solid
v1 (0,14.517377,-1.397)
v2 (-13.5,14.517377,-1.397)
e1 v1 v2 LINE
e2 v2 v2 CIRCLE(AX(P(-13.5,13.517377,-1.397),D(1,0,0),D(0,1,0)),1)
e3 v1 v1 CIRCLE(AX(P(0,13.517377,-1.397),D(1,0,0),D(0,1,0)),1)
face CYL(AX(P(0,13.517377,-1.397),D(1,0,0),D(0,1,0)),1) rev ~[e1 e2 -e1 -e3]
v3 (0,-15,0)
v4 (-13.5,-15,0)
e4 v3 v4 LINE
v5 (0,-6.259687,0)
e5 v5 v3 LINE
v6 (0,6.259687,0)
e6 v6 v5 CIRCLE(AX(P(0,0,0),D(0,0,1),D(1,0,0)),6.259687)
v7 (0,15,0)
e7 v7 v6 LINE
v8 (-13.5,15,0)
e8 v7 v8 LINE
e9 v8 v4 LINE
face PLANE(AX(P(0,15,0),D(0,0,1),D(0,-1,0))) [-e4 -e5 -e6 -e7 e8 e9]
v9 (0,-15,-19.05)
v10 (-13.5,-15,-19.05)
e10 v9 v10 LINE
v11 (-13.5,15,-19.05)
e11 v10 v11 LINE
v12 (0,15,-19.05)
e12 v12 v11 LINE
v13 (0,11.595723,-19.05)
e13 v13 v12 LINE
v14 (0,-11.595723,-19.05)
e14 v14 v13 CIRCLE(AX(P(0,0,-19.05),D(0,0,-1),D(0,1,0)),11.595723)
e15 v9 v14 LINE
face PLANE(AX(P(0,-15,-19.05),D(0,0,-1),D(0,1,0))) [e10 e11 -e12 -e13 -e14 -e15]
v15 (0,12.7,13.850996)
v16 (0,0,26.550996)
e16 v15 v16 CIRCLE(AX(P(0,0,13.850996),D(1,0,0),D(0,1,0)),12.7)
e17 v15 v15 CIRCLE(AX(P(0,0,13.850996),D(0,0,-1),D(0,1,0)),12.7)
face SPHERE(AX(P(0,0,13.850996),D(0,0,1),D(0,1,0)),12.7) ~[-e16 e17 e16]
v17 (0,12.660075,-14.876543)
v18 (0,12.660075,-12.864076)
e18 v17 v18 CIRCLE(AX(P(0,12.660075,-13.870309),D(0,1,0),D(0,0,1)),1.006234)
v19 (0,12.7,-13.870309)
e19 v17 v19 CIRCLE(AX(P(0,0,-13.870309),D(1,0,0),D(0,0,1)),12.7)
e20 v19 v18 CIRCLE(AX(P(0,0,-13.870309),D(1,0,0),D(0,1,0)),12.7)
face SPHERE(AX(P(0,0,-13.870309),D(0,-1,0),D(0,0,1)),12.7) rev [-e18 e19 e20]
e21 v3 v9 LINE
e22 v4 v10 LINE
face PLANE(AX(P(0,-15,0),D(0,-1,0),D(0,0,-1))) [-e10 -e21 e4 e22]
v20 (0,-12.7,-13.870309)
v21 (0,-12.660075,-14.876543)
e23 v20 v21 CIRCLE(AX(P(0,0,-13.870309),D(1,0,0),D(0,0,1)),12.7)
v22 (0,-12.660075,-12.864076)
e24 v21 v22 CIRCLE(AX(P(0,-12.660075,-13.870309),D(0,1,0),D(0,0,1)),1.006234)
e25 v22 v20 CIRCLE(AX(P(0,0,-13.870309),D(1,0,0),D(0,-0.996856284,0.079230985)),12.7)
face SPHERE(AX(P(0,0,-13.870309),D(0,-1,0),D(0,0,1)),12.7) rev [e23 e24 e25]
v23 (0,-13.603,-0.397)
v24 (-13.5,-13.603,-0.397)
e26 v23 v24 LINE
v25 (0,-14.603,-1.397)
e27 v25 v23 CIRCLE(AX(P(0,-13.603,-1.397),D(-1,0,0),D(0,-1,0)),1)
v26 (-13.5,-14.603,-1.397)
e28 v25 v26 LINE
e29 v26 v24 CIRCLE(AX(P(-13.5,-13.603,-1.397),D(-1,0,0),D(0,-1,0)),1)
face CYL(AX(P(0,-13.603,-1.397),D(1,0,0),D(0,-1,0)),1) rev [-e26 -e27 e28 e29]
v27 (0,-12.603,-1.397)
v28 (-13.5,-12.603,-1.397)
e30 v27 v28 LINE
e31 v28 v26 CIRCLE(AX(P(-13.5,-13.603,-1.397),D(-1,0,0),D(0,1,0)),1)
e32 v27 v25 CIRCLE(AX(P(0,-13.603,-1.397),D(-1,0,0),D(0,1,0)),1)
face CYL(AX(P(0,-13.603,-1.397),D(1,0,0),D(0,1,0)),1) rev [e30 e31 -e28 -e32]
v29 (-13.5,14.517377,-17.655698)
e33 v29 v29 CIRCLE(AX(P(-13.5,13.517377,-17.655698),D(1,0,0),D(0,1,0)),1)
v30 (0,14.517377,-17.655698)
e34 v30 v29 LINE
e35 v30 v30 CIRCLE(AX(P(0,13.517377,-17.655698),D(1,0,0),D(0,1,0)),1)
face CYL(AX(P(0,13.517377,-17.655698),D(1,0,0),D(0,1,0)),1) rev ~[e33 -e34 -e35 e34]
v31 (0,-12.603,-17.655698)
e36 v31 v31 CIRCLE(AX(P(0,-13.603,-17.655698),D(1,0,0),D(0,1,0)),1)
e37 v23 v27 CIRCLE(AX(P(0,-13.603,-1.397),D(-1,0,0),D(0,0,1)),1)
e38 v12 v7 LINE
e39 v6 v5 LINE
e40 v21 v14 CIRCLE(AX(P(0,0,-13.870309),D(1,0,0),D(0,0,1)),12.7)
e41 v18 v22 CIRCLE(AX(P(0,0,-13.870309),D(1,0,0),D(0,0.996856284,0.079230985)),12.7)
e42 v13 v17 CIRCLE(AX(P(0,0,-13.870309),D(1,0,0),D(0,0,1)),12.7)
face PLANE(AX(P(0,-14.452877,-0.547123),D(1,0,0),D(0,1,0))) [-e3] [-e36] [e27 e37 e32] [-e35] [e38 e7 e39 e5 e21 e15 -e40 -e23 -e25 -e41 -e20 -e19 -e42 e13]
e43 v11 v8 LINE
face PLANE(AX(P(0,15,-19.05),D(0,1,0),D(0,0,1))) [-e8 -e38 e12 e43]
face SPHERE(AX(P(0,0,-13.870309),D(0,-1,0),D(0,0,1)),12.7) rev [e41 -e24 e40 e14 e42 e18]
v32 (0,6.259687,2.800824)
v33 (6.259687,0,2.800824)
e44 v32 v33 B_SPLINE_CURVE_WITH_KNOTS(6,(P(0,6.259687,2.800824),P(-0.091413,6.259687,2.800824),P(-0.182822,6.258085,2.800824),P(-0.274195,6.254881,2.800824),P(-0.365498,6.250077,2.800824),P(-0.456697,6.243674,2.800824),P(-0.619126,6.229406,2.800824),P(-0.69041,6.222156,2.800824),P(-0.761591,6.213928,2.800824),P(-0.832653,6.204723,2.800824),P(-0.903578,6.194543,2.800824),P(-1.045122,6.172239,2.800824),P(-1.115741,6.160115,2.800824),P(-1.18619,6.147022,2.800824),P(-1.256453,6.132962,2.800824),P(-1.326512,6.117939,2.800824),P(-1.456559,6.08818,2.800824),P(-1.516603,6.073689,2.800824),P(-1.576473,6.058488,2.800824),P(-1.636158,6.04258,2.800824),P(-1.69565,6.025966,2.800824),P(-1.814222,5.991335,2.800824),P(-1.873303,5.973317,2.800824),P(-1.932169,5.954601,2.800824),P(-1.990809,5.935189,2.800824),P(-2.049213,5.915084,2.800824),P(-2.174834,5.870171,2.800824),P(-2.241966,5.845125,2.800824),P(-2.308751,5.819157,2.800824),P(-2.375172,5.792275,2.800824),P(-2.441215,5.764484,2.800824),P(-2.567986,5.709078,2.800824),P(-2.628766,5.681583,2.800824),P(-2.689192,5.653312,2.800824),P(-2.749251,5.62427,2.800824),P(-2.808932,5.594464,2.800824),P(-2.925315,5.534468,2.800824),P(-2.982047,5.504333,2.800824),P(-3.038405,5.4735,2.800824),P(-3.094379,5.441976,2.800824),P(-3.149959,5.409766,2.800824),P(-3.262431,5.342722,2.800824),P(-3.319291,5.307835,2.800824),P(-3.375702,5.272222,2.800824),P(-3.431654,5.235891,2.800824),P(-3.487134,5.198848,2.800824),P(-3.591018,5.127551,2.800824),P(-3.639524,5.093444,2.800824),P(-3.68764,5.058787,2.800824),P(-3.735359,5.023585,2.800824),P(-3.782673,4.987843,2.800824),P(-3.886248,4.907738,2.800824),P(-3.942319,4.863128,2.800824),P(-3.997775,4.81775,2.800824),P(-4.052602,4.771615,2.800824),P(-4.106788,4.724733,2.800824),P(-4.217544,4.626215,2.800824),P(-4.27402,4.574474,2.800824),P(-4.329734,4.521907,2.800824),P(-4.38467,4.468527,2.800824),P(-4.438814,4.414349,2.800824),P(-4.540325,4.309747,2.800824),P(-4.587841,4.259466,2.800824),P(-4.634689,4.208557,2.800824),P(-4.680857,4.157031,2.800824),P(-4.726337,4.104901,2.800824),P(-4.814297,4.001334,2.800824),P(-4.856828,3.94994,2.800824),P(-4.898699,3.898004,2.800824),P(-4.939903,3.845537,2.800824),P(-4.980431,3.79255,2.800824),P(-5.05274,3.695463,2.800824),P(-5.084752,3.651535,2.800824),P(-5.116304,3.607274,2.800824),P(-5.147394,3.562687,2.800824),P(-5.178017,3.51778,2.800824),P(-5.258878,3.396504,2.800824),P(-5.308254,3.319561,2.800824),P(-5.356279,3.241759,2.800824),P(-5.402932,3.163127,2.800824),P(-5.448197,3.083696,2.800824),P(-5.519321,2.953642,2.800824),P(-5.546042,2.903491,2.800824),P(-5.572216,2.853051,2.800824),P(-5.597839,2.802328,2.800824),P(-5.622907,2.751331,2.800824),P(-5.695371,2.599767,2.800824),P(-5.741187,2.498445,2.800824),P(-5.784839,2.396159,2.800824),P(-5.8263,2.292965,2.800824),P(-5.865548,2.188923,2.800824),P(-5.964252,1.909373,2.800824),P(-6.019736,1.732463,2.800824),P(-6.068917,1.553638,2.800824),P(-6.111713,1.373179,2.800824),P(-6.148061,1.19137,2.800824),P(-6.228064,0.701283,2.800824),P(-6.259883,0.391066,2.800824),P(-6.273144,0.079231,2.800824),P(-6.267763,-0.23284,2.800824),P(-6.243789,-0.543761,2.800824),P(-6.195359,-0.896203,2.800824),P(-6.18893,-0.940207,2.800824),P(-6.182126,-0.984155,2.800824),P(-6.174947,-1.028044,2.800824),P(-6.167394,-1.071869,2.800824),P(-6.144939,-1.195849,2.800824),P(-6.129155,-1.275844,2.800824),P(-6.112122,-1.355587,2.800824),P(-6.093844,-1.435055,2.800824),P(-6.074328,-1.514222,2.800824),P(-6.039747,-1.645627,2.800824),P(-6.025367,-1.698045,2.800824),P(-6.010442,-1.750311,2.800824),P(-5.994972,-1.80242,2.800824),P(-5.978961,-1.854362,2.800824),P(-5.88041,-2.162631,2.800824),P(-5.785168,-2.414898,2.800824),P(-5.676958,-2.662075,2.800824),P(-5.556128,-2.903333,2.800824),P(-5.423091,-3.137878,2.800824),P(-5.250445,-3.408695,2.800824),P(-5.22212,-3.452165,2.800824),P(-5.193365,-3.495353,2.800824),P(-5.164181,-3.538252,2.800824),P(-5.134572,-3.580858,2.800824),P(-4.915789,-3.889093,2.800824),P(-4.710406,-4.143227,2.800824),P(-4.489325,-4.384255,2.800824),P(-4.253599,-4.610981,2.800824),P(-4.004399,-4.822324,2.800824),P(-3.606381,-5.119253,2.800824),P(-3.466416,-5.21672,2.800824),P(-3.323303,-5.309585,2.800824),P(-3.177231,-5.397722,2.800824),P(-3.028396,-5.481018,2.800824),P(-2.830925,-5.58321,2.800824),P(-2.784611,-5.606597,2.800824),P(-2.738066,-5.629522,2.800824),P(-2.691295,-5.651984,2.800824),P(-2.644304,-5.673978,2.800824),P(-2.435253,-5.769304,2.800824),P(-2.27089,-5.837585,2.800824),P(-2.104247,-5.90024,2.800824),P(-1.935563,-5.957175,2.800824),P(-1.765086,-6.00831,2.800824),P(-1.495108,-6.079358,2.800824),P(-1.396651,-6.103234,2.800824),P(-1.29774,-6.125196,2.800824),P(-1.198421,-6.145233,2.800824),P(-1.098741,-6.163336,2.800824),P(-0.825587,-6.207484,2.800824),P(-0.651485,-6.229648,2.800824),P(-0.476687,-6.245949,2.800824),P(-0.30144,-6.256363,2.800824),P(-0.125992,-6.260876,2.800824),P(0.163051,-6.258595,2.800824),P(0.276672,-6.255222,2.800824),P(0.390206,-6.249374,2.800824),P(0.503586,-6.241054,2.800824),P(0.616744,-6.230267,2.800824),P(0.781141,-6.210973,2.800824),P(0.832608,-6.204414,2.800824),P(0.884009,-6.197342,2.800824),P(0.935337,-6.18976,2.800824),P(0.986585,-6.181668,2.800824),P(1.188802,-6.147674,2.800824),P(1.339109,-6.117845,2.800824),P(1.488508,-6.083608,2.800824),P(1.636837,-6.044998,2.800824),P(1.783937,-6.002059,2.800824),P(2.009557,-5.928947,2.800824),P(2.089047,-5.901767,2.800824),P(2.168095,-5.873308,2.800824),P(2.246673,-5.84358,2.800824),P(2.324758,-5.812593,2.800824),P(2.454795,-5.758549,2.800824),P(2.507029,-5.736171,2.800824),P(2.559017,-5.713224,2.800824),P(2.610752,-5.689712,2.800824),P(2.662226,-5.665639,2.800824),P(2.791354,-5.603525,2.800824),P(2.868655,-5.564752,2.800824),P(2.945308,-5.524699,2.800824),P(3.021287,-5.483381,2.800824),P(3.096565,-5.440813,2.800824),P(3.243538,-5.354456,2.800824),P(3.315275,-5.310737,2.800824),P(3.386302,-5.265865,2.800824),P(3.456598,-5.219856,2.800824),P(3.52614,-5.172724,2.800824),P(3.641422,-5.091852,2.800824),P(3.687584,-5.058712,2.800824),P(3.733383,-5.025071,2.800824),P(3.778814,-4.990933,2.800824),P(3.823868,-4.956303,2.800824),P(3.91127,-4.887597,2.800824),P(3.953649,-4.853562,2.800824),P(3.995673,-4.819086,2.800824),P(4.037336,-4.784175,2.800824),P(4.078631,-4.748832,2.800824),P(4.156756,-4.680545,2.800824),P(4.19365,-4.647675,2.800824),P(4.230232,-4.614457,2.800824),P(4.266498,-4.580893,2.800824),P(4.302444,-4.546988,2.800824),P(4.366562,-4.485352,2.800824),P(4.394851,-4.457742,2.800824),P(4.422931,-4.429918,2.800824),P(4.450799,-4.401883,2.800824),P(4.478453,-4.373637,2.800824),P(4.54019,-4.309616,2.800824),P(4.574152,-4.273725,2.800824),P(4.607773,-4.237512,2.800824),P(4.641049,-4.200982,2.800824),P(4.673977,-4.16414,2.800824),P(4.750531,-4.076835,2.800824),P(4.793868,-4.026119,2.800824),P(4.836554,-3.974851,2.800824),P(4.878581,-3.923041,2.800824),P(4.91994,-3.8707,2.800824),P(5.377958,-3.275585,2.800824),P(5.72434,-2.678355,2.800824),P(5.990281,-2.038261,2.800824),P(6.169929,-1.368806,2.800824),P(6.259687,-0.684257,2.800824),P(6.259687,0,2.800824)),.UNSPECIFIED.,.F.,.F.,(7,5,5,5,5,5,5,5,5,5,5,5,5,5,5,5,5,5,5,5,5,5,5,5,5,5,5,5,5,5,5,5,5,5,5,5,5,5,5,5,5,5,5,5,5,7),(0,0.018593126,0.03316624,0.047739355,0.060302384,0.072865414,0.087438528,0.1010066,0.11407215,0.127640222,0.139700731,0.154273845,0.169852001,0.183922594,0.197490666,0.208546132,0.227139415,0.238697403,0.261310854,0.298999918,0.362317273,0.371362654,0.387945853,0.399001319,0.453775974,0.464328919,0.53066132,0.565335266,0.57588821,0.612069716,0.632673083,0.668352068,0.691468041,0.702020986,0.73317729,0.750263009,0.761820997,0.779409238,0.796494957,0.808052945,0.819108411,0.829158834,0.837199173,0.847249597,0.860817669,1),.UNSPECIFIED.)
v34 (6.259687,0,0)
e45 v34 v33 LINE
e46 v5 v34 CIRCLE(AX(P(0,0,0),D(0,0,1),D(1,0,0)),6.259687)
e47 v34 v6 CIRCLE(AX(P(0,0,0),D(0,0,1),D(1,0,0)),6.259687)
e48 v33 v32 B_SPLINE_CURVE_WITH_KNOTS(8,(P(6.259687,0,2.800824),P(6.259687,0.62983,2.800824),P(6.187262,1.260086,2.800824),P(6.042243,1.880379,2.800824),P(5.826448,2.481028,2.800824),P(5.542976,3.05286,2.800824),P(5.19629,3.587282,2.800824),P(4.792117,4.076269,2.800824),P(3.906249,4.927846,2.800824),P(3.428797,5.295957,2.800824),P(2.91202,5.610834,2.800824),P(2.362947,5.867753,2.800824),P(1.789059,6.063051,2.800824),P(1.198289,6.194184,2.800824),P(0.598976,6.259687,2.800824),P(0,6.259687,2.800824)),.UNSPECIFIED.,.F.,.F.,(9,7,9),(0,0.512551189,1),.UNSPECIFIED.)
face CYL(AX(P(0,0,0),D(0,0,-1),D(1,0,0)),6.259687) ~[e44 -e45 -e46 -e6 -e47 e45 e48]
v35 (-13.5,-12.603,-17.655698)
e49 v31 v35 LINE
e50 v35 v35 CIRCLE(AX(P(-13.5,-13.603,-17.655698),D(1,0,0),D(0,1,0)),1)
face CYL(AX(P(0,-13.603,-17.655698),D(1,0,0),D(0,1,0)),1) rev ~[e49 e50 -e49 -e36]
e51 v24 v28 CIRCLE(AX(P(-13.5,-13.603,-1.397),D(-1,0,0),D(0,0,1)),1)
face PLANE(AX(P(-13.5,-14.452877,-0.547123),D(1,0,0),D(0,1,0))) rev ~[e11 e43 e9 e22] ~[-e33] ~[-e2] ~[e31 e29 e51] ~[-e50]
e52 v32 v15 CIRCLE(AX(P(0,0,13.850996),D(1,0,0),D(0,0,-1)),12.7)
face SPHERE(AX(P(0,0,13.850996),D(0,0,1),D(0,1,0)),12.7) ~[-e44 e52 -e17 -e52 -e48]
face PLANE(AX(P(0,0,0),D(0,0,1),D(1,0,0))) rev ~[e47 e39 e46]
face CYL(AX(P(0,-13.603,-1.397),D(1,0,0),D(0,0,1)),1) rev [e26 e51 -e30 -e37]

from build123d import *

# Parameters (mm, degrees)
F2_R     = 6.2596868845
F3_DEPTH = 3.048
F4_R     = 1
F5_DEPTH = 13.5


with BuildPart() as f1:
    # F0 (on Right) → F1 (revolve)
    with BuildSketch(Plane.YZ):
        with BuildLine():
            ThreePointArc((0, 1.1509964916), (8.9802561211, 4.8707403706), (12.7, 13.8509964916))
            ThreePointArc((12.7, 13.8509964916), (8.9802561211, 22.8312526127), (0, 26.5509964916))
            Line((0, 26.5509964916), (0, 1.1509964916))
        make_face()
    revolve(axis=Axis((0, 0, 13.8509964916), (0, 0, -1)))

    # F2 (on Top) → F3 (join)
    with BuildSketch(Plane.XY):
        Circle(F2_R)
    extrude(amount=F3_DEPTH)

    # F4 (on Right) → F5 (join)
    with BuildSketch(Plane.YZ):
        with BuildLine():
            Line((-13.603, 0), (-15, 0))
            Line((-15, 0), (-15, -1.397))
            Line((-15, -1.397), (-14.603, -1.397))
            ThreePointArc((-14.603, -1.397), (-14.3101067812, -0.6898932188), (-13.603, -0.397))
            Line((-13.603, -0.397), (-13.603, 0))
        make_face()
        with BuildLine():
            Line((15, 0), (-13.603, 0))
            Line((-13.603, 0), (-13.603, -0.397))
            ThreePointArc((-13.603, -0.397), (-12.8958932188, -0.6898932188), (-12.603, -1.397))
            ThreePointArc((-12.603, -1.397), (-13.603, -2.397), (-14.603, -1.397))
            Line((-14.603, -1.397), (-15, -1.397))
            Line((-15, -1.397), (-15, -12.8640756011))
            Line((-15, -12.8640756011), (-12.6600748075, -12.8640756011))
            ThreePointArc((-12.6600748075, -12.8640756011), (0, -1.170309107), (12.6600748075, -12.8640756011))
            Line((12.6600748075, -12.8640756011), (15, -12.8640756011))
            Line((15, -12.8640756011), (15, 0))
        make_face()
        with Locations((13.5173769371, -1.397)):
            Circle(F4_R, mode=Mode.SUBTRACT)
        with BuildLine():
            Line((-12.6600748075, -12.8640756011), (-15, -12.8640756011))
            Line((-15, -12.8640756011), (-15, -19.05))
            Line((-15, -19.05), (-11.5957234467, -19.05))
            ThreePointArc((-11.5957234467, -19.05), (-12.4208632505, -16.518356711), (-12.7, -13.870309107))
            ThreePointArc((-12.7, -13.870309107), (-12.6900147765, -13.3667964733), (-12.6600748075, -12.8640756011))
        make_face()
        with Locations((-13.603, -17.6556983136)):
            Circle(F4_R, mode=Mode.SUBTRACT)
        with BuildLine():
            Line((15, -19.05), (15, -12.8640756011))
            Line((15, -12.8640756011), (12.6600748075, -12.8640756011))
            ThreePointArc((12.6600748075, -12.8640756011), (12.6900147765, -13.3667964733), (12.7, -13.870309107))
            ThreePointArc((12.7, -13.870309107), (12.4208632505, -16.518356711), (11.5957234467, -19.05))
            Line((11.5957234467, -19.05), (15, -19.05))
        make_face()
        with Locations((13.5173769371, -17.6556983136)):
            Circle(F4_R, mode=Mode.SUBTRACT)
        with BuildLine():
            ThreePointArc((-12.7, -13.870309107), (-12.4208632505, -16.518356711), (-11.5957234467, -19.05))
            Line((-11.5957234467, -19.05), (0, -19.05))
            Line((0, -19.05), (0, -13.870309107))
            Line((0, -13.870309107), (-12.7, -13.870309107))
        make_face()
        with BuildLine():
            Line((0, -19.05), (11.5957234467, -19.05))
            ThreePointArc((11.5957234467, -19.05), (12.4208632505, -16.518356711), (12.7, -13.870309107))
            Line((12.7, -13.870309107), (0, -13.870309107))
            Line((0, -13.870309107), (0, -19.05))
        make_face()
        with BuildLine():
            ThreePointArc((12.6600748075, -12.8640756011), (0, -1.170309107), (-12.6600748075, -12.8640756011))
            ThreePointArc((-12.6600748075, -12.8640756011), (-12.6900147765, -13.3667964733), (-12.7, -13.870309107))
            Line((-12.7, -13.870309107), (0, -13.870309107))
            Line((0, -13.870309107), (12.7, -13.870309107))
            ThreePointArc((12.7, -13.870309107), (12.6900147765, -13.3667964733), (12.6600748075, -12.8640756011))
        make_face()
    extrude(amount=-F5_DEPTH)

    # F4 (on Right) → F6 (revolve, cut)
    with BuildSketch(Plane.YZ):
        with BuildLine():
            ThreePointArc((12.6600748075, -12.8640756011), (0, -1.170309107), (-12.6600748075, -12.8640756011))
            ThreePointArc((-12.6600748075, -12.8640756011), (-12.6900147765, -13.3667964733), (-12.7, -13.870309107))
            Line((-12.7, -13.870309107), (0, -13.870309107))
            Line((0, -13.870309107), (12.7, -13.870309107))
            ThreePointArc((12.7, -13.870309107), (12.6900147765, -13.3667964733), (12.6600748075, -12.8640756011))
        make_face()
    revolve(axis=Axis((0, 0, -13.870309107), (0, 1, 0)), mode=Mode.SUBTRACT)


solid = f1.part
